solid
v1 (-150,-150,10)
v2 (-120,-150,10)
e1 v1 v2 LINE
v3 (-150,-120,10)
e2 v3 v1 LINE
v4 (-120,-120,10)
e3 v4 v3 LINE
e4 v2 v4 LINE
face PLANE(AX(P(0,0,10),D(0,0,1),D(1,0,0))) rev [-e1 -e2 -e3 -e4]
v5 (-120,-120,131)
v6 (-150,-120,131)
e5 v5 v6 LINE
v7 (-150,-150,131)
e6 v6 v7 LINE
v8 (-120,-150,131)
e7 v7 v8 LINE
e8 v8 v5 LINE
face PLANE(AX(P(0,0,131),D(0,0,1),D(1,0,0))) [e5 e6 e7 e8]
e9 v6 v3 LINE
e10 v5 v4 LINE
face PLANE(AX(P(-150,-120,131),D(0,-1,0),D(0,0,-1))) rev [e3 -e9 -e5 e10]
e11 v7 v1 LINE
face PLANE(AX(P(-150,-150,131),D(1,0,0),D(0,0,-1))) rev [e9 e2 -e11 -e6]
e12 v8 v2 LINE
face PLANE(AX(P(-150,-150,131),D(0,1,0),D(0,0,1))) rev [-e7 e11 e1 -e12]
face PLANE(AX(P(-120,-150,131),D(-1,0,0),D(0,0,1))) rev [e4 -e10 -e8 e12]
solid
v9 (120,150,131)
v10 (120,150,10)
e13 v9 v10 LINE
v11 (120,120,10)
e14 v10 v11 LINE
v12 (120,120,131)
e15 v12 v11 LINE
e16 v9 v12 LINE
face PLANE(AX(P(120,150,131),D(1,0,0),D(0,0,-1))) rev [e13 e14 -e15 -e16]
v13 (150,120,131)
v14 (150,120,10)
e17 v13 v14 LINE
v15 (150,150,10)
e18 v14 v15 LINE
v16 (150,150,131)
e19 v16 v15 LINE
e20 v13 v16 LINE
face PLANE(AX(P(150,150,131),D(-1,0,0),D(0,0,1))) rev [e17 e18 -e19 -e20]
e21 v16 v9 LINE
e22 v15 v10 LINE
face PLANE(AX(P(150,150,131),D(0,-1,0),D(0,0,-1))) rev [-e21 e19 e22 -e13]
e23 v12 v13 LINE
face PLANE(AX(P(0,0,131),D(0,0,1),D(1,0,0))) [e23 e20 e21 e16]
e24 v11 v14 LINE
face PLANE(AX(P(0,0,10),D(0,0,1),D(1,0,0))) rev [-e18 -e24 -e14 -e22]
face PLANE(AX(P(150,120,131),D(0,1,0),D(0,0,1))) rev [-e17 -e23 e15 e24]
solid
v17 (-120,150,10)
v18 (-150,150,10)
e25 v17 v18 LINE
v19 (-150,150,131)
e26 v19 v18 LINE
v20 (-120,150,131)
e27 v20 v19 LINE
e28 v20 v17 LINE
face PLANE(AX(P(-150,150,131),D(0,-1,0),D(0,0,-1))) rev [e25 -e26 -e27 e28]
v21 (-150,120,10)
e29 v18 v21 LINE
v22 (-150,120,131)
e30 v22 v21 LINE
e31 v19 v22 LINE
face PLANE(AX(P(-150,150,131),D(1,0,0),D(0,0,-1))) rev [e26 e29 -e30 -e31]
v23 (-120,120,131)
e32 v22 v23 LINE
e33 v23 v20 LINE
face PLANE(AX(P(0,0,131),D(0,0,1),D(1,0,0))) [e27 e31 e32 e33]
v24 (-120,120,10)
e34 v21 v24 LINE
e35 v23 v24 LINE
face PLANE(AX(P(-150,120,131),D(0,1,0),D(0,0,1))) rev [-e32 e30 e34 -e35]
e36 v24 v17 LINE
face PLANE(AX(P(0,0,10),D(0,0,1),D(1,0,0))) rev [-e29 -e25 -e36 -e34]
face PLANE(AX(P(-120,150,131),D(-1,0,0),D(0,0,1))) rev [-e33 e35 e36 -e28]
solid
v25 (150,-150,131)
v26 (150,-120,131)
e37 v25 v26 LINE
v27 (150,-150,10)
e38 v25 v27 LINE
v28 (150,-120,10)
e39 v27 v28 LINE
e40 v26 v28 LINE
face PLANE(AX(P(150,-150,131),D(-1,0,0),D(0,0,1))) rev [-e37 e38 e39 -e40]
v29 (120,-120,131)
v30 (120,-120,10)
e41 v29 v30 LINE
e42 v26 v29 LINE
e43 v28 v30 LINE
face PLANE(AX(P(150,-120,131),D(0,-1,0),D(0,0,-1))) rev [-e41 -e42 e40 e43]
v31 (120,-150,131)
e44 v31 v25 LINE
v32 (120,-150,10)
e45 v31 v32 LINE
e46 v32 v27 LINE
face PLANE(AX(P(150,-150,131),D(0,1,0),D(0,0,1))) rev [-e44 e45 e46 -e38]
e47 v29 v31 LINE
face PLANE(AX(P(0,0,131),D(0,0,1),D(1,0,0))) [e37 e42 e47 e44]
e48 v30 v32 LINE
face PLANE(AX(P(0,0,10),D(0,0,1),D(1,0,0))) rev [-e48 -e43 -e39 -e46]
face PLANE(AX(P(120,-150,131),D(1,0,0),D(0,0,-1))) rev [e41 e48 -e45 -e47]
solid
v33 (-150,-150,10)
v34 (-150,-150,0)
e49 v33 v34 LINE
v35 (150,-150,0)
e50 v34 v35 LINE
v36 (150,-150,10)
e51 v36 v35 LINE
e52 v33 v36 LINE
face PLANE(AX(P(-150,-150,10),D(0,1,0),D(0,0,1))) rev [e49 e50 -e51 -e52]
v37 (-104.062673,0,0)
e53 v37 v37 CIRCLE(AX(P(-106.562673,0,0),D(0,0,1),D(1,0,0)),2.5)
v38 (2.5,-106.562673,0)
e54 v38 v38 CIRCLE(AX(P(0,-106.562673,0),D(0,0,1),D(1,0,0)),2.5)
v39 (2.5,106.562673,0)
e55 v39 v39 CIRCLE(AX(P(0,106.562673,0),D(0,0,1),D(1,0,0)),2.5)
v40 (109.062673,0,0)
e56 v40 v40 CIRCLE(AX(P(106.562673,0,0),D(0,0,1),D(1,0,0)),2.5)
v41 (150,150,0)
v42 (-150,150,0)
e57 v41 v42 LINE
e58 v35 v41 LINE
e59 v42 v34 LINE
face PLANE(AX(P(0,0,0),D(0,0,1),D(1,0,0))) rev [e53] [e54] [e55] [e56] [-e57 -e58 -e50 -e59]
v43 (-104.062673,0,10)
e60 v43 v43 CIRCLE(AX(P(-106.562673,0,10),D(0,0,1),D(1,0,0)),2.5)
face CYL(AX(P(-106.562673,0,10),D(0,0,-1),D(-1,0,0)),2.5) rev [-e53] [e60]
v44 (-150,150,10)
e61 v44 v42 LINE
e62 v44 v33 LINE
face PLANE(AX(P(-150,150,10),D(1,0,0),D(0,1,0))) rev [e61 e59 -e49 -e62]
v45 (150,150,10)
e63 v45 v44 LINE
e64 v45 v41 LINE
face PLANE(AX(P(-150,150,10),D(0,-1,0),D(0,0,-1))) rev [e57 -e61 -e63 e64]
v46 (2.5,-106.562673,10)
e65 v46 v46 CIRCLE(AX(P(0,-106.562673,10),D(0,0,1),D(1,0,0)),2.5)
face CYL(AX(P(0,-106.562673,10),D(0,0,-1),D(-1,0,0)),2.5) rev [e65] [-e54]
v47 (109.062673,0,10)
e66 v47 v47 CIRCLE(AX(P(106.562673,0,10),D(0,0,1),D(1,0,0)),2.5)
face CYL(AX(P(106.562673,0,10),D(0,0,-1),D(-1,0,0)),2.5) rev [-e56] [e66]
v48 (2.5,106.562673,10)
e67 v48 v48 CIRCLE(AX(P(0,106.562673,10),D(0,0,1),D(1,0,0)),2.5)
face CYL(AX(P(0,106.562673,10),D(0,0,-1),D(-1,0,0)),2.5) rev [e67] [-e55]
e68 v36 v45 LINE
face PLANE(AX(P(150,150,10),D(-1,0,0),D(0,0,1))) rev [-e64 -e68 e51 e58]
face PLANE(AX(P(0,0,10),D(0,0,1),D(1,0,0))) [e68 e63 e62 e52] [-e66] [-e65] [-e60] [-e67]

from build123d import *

# Parameters (mm, degrees)
SKETCH1_W             = 300
SKETCH1_H             = 300
SKETCH1_R             = 2.5
BOSS_EXTRUDE1_DEPTH   = 10
SKETCH2_W             = 30
SKETCH2_H             = 30
BOSS_EXTRUDE2_DEPTH   = 121
BOSS_EXTRUDE2_2_DEPTH = 121
BOSS_EXTRUDE2_3_DEPTH = 121
BOSS_EXTRUDE2_4_DEPTH = 121


with BuildPart() as part:
    # Sketch1 → Boss-Extrude1 (new body)
    with BuildSketch(Plane.XY):
        Rectangle(SKETCH1_W, SKETCH1_H)
        with Locations((0, -106.562672681)):
            Circle(SKETCH1_R, mode=Mode.SUBTRACT)
        with Locations((-106.562672681, 0)):
            Circle(SKETCH1_R, mode=Mode.SUBTRACT)
        with Locations((106.562672681, 0)):
            Circle(SKETCH1_R, mode=Mode.SUBTRACT)
        with Locations((0, 106.562672681)):
            Circle(SKETCH1_R, mode=Mode.SUBTRACT)
    extrude(amount=BOSS_EXTRUDE1_DEPTH)


with BuildPart() as body_2:
    # Sketch2 → Boss-Extrude2 (new body)
    with BuildSketch(Plane.XY.offset(10)):
        with Locations((-135, 135)):
            Rectangle(SKETCH2_W, SKETCH2_H)
    extrude(amount=BOSS_EXTRUDE2_DEPTH)


with BuildPart() as body_3:
    # Sketch2 → Boss-Extrude2 2 (new body)
    with BuildSketch(Plane.XY.offset(10)):
        with Locations((135, 135)):
            Rectangle(SKETCH2_W, SKETCH2_H)
    extrude(amount=BOSS_EXTRUDE2_2_DEPTH)


with BuildPart() as body_4:
    # Sketch2 → Boss-Extrude2 3 (new body)
    with BuildSketch(Plane.XY.offset(10)):
        with Locations((-135, -135)):
            Rectangle(SKETCH2_W, SKETCH2_H)
    extrude(amount=BOSS_EXTRUDE2_3_DEPTH)


with BuildPart() as body_5:
    # Sketch2 → Boss-Extrude2 4 (new body)
    with BuildSketch(Plane.XY.offset(10)):
        with Locations((135, -135)):
            Rectangle(SKETCH2_W, SKETCH2_H)
    extrude(amount=BOSS_EXTRUDE2_4_DEPTH)


solid = Compound([part.part, body_2.part, body_3.part, body_4.part, body_5.part])
